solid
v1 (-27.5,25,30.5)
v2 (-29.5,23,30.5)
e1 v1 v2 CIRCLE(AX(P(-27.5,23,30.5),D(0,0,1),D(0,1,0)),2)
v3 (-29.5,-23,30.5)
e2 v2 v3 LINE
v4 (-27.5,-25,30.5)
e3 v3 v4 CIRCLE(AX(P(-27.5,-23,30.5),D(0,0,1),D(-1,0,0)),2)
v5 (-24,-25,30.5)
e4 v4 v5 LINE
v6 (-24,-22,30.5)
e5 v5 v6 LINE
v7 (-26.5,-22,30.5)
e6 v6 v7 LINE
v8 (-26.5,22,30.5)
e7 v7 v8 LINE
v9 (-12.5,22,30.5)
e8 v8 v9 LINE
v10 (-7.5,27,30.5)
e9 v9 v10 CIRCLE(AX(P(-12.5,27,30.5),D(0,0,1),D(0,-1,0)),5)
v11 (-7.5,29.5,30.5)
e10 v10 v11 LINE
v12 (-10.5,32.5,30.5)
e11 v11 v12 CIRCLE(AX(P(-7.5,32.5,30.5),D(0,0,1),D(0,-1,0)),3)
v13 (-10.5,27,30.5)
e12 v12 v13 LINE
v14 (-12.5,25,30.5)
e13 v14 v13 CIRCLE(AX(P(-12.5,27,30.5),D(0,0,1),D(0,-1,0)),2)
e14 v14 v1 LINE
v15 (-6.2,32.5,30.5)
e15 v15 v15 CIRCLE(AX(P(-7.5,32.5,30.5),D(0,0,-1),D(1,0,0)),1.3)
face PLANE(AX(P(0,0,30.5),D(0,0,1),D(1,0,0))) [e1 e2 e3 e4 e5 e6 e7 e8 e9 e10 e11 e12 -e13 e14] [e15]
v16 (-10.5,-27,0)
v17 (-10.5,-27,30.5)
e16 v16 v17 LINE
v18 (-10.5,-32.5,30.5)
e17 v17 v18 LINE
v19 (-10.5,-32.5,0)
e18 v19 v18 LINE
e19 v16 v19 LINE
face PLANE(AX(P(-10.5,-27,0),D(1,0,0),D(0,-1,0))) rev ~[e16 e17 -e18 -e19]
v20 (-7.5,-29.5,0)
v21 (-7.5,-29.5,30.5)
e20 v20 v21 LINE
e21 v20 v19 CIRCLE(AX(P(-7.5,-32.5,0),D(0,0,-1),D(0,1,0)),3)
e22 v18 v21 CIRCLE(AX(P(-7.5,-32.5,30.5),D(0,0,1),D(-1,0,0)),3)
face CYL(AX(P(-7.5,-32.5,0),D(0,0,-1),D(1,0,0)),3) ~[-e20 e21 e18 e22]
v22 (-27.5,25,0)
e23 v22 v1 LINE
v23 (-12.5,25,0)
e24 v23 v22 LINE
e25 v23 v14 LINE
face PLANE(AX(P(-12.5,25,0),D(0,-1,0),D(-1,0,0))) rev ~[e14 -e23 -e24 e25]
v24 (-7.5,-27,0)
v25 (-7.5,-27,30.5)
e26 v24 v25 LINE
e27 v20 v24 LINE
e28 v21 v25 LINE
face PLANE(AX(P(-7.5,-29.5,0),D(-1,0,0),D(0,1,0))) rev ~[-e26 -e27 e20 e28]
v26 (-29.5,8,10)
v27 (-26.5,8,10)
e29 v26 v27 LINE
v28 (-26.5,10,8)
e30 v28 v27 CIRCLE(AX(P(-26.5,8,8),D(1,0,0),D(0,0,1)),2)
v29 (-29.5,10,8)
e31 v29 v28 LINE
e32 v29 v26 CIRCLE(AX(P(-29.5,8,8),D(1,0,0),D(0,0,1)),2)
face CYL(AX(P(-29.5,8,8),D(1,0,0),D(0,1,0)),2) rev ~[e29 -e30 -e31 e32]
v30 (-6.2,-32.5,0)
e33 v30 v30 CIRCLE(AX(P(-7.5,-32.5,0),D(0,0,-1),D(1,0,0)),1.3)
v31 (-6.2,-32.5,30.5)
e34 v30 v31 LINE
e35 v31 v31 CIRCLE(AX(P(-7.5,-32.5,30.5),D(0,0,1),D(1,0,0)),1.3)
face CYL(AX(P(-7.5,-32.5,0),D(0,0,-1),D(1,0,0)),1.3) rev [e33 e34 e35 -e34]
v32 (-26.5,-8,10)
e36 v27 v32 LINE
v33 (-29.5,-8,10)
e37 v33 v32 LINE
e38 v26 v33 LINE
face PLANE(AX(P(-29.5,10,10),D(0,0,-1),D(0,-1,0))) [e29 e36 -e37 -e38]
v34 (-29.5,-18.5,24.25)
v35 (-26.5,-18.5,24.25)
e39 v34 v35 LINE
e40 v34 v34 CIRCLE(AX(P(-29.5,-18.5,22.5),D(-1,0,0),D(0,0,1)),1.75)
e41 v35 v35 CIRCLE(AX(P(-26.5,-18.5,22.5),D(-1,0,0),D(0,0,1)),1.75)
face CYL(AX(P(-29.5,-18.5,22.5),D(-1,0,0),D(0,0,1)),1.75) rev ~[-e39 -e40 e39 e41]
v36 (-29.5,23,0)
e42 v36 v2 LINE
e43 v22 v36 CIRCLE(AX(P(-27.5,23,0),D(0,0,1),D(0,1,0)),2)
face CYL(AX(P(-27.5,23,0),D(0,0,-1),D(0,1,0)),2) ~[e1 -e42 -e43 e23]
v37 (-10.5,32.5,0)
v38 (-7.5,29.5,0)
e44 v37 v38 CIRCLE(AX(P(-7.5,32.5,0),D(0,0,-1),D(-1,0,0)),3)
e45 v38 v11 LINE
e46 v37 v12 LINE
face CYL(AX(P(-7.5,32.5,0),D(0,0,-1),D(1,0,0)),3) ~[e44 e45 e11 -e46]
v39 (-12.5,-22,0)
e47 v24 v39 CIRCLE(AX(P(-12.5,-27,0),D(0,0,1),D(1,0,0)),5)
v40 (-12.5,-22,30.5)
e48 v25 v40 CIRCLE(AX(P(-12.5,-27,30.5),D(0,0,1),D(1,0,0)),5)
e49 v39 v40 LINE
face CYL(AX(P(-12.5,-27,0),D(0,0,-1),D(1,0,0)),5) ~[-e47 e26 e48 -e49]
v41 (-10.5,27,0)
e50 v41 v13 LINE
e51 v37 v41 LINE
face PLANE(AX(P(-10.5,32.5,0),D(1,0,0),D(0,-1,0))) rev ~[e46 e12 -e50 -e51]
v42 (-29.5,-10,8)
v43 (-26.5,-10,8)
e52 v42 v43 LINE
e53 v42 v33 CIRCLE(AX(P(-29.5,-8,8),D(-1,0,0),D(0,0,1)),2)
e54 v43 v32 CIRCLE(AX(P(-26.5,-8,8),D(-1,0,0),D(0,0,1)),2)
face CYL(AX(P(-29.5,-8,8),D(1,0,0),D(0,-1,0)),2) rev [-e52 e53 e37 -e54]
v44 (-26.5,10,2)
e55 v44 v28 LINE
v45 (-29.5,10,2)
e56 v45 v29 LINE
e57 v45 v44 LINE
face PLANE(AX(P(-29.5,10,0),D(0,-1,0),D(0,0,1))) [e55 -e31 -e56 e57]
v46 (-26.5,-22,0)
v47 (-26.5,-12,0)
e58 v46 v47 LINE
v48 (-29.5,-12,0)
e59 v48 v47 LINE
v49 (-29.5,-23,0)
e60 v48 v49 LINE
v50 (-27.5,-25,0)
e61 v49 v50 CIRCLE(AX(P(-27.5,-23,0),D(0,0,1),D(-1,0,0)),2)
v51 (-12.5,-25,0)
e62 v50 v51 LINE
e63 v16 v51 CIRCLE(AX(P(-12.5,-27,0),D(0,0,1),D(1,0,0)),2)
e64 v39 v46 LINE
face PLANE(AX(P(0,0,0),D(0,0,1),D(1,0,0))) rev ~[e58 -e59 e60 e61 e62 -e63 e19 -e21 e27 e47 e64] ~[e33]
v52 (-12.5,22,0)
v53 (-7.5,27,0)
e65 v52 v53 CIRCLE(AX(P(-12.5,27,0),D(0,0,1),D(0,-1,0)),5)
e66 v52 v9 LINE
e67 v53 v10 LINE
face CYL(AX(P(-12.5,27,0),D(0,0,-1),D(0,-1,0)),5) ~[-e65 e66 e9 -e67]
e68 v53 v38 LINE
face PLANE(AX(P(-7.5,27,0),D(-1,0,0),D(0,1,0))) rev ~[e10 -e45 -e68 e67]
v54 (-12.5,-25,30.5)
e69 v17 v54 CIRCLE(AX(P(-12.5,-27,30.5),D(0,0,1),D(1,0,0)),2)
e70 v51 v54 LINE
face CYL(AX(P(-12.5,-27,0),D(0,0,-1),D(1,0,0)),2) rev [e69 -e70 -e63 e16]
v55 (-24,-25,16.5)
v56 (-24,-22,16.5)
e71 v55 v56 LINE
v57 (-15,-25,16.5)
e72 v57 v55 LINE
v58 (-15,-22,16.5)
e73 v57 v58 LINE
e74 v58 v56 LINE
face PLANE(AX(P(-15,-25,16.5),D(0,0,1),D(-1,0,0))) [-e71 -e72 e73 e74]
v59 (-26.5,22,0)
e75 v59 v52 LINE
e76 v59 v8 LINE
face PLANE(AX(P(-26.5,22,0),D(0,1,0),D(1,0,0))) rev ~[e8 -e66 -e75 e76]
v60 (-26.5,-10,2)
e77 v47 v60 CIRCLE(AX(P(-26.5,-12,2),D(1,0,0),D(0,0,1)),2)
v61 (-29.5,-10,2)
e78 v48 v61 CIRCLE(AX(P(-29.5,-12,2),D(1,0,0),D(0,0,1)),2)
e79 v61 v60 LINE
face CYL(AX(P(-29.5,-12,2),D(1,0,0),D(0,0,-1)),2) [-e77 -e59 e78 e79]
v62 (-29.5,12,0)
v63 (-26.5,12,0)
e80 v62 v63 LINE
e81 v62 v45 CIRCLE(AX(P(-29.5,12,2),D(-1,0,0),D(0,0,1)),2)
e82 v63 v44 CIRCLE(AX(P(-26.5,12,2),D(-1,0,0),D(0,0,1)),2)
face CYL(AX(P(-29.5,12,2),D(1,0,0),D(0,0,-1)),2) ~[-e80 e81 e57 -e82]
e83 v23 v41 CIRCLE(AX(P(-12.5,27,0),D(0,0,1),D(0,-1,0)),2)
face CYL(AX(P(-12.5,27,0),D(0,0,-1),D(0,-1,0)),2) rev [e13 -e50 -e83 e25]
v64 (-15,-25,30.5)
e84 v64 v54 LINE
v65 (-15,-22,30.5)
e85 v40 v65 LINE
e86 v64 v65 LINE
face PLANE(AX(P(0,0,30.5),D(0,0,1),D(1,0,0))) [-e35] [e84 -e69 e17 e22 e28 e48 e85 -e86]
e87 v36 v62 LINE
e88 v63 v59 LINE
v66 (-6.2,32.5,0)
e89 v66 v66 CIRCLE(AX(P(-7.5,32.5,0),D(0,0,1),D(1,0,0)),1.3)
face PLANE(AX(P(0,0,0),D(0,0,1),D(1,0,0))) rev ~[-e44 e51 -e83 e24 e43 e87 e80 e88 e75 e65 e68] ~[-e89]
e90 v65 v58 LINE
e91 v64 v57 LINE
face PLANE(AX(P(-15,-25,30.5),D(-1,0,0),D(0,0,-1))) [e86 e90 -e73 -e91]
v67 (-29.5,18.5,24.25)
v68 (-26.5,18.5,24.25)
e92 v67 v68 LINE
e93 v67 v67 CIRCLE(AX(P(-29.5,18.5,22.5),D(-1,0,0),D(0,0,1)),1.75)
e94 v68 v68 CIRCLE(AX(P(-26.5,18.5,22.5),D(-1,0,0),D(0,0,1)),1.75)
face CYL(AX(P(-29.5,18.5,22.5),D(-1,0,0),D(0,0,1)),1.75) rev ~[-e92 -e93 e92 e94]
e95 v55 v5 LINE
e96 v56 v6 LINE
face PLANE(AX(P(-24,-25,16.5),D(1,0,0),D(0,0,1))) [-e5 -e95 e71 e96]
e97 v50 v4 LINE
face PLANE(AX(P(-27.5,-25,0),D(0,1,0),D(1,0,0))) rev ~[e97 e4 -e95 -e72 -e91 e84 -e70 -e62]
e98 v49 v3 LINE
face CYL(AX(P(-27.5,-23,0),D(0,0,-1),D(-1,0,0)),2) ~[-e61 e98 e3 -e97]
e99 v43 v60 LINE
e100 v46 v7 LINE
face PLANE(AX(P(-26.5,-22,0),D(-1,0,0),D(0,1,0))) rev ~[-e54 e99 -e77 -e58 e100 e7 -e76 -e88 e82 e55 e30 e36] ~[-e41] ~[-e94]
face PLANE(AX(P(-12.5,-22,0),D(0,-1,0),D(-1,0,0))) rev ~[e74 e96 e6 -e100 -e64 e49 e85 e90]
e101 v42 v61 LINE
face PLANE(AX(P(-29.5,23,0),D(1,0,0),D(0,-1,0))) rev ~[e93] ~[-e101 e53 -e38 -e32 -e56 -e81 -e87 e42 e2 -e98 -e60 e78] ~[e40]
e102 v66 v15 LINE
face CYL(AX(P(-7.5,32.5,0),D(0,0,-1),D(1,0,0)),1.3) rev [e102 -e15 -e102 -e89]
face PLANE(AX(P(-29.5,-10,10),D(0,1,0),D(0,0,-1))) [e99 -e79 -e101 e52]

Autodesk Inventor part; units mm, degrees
ref_plane "YZ Plane" through (0, 0, 0) normal (1, 0, 0) x (0, 1, 0)
ref_plane "XZ Plane" through (0, 0, 0) normal (0, 1, 0) x (-1, 0, 0)
sketch "スケッチ1" plane through (0, 0, 0) normal (0, 0, 1) x (1, 0, 0)
  circle A0 centre (-7.5, -32.5) radius 1.6 projected
  circle A1 centre (-7.5, 32.5) radius 1.6 projected
  circle A2 centre (-7.5, -32.5) radius 1.3
  circle A3 centre (-7.5, 32.5) radius 1.3
  circle A4 centre (-7.5, 32.5) radius 3
  circle A5 centre (-7.5, -32.5) radius 3
  circle A6 centre (-7.5, 32.5) radius 1.6 projected
  circle A7 centre (7.5, -32.5) radius 1.6 projected
  circle A8 centre (7.5, 32.5) radius 1.6 projected
  circle A9 centre (-7.5, -32.5) radius 1.6 projected
  circle A10 centre (15.5, 0) radius 1.1 projected
  circle A11 centre (10.5, -5) radius 1.1 projected
  circle A12 centre (5.5, 0) radius 1.1 projected
  circle A13 centre (10.5, 5) radius 1.1 projected
  arc A14 (-10.5, -38) -> (-8.5, -40) centre (-8.5, -38) ccw projected
  line L0 (-8.5, -40) -> (8.5, -40) projected
  arc A15 (8.5, -40) -> (10.5, -38) centre (8.5, -38) ccw projected
  line L1 (10.5, -38) -> (10.5, -27) projected
  arc A16 (12.5, -25) -> (10.5, -27) centre (12.5, -27) ccw projected
  line L2 (12.5, -25) -> (18.5, -25) projected
  arc A17 (18.5, -25) -> (20.5, -23) centre (18.5, -23) ccw projected
  line L3 (20.5, -23) -> (20.5, 23) projected
  arc A18 (20.5, 23) -> (18.5, 25) centre (18.5, 23) ccw projected
  line L4 (18.5, 25) -> (12.5, 25) projected
  arc A19 (10.5, 27) -> (12.5, 25) centre (12.5, 27) ccw projected
  line L5 (10.5, 27) -> (10.5, 38) projected
  arc A20 (10.5, 38) -> (8.5, 40) centre (8.5, 38) ccw projected
  line L6 (8.5, 40) -> (-8.5, 40) projected
  arc A21 (-8.5, 40) -> (-10.5, 38) centre (-8.5, 38) ccw projected
  line L7 (-10.5, 38) -> (-10.5, 27) projected
  arc A22 (-12.5, 25) -> (-10.5, 27) centre (-12.5, 27) ccw projected
  line L8 (-12.5, 25) -> (-27.5, 25) projected
  arc A23 (-27.5, 25) -> (-29.5, 23) centre (-27.5, 23) ccw projected
  line L9 (-29.5, 23) -> (-29.5, -23) projected
  arc A24 (-29.5, -23) -> (-27.5, -25) centre (-27.5, -23) ccw projected
  line L10 (-27.5, -25) -> (-12.5, -25) projected
  arc A25 (-10.5, -27) -> (-12.5, -25) centre (-12.5, -27) ccw projected
  line L11 (-10.5, -27) -> (-10.5, -38) projected
  circle A26 centre (-8, 38) radius 1.1 projected
  circle A27 centre (-8, -38) radius 1.1 projected
  circle A28 centre (8, -38) radius 1.1 projected
  circle A29 centre (8, 38) radius 1.1 projected
  line L12 (-12.5, -22) -> (-26.5, -22)
  line L13 (-26.5, -22) -> (-26.5, 22)
  line L14 (-26.5, 22) -> (-12.5, 22)
  arc A30 (-12.5, 22) -> (-7.5, 27) centre (-12.5, 27) ccw
  line L15 (-7.5, 27) -> (-7.5, 37)
  line L16 (-7.5, 37) -> (7.5, 37)
  line L17 (7.5, 37) -> (7.5, 27)
  arc A31 (7.5, 27) -> (12.5, 22) centre (12.5, 27) ccw
  line L18 (12.5, 22) -> (17.5, 22)
  line L19 (17.5, 22) -> (17.5, -22)
  line L20 (17.5, -22) -> (12.5, -22)
  arc A32 (12.5, -22) -> (7.5, -27) centre (12.5, -27) ccw
  line L21 (7.5, -27) -> (7.5, -37)
  line L22 (7.5, -37) -> (-7.5, -37)
  line L23 (-7.5, -37) -> (-7.5, -27)
  arc A33 (-7.5, -27) -> (-12.5, -22) centre (-12.5, -27) ccw
  point P0 (0, 0)
  point P1 (-7.5, 29.5)
  point P2 (-10.5, 32.5)
  point P3 (-10.5, -32.5)
  point P4 (-7.5, -29.5)
  dimension "d0" = 2.6
  dimension "d1" = 2.6
  dimension "d2" = 6
  dimension "d3" = 6
  dimension "d4" = 3
ref_plane "作業平面1" through (-29.5, -40, 30.5) normal (0, 0, -1) x (0, 1, 0)
extrude "押し出し1" add sketch "スケッチ1" along normal up to surface (30.5 mm away) contours A0 L23 A2 | A0 L23 A5 | L23 A2 A0 | A0 L23 A5 | A5 L11 A25 L10 A24 L9 A23 L8 A22 L7 A4 L15 A30 L14 L13 L12 A33 L23 | L15 A1 A4 | A4 L15 A1 | L15 A3 A1 | A1 L15 A3
sketch "スケッチ2" plane through (-29.5, -23, 0) normal (-1, 0, 0) x (0, 0, 1)
  line L0 (0, 33) -> (10, 33)
  line L1 (10, 33) -> (10, 13)
  line L2 (10, 13) -> (0, 13)
  line L3 (0, 13) -> (0, 33)
  line L4 (0, 46) -> (0, 0) projected
  point P0 (0, 23)
  point P1 (10, 23)
  point P2 (0, 23)
  point P3 (0, 23)
  dimension "d7" = 10
  dimension "d8" = 20
extrude "押し出し2" cut sketch "スケッチ2" against normal through all
fillet "フィレット1" radius 2 4 edges at (-28, 10, 10) (-28, 10, 0) (-28, -10, 10) (-28, -10, 0)
sketch "スケッチ3" plane through (-27.5, -25, 0) normal (0, -1, 0) x (1, 0, 0)
  line L0 (15, 30.5) -> (1, 30.5) projected
  line L1 (3.5, 30.5) -> (12.5, 30.5)
  line L2 (12.5, 30.5) -> (12.5, 16.5)
  line L3 (12.5, 16.5) -> (3.5, 16.5)
  line L4 (3.5, 16.5) -> (3.5, 30.5)
  point P0 (27.5, 0)
  point P1 (8, 30.5)
  point P2 (8, 16.5)
  point P3 (12.5, 30.5)
  dimension "d12" = 9
  dimension "d13" = 14
extrude "押し出し3" cut sketch "スケッチ3" against normal up to surface (3 mm away)
sketch "スケッチ4" plane through (-29.5, -23, 30.5) normal (-1, 0, 0) x (0, 0, 1)
  circle A0 centre (-8, 41.5) radius 1.75
  circle A1 centre (-8, 4.5) radius 1.75
  line L0 (0, 46) -> (0, 0) projected
  point P0 (-30.5, 23)
  point P1 (0, 23)
  dimension "d16" = 3.5
  dimension "d17" = 3.5
  dimension "d18" = 37
  dimension "d19" = 18.5
  dimension "d20" = 8
extrude "押し出し4" cut sketch "スケッチ4" against normal through all
equation "\"d19\" = 0.5 * d18"
properties part number "mune_2" material "ABS プラスチック"
